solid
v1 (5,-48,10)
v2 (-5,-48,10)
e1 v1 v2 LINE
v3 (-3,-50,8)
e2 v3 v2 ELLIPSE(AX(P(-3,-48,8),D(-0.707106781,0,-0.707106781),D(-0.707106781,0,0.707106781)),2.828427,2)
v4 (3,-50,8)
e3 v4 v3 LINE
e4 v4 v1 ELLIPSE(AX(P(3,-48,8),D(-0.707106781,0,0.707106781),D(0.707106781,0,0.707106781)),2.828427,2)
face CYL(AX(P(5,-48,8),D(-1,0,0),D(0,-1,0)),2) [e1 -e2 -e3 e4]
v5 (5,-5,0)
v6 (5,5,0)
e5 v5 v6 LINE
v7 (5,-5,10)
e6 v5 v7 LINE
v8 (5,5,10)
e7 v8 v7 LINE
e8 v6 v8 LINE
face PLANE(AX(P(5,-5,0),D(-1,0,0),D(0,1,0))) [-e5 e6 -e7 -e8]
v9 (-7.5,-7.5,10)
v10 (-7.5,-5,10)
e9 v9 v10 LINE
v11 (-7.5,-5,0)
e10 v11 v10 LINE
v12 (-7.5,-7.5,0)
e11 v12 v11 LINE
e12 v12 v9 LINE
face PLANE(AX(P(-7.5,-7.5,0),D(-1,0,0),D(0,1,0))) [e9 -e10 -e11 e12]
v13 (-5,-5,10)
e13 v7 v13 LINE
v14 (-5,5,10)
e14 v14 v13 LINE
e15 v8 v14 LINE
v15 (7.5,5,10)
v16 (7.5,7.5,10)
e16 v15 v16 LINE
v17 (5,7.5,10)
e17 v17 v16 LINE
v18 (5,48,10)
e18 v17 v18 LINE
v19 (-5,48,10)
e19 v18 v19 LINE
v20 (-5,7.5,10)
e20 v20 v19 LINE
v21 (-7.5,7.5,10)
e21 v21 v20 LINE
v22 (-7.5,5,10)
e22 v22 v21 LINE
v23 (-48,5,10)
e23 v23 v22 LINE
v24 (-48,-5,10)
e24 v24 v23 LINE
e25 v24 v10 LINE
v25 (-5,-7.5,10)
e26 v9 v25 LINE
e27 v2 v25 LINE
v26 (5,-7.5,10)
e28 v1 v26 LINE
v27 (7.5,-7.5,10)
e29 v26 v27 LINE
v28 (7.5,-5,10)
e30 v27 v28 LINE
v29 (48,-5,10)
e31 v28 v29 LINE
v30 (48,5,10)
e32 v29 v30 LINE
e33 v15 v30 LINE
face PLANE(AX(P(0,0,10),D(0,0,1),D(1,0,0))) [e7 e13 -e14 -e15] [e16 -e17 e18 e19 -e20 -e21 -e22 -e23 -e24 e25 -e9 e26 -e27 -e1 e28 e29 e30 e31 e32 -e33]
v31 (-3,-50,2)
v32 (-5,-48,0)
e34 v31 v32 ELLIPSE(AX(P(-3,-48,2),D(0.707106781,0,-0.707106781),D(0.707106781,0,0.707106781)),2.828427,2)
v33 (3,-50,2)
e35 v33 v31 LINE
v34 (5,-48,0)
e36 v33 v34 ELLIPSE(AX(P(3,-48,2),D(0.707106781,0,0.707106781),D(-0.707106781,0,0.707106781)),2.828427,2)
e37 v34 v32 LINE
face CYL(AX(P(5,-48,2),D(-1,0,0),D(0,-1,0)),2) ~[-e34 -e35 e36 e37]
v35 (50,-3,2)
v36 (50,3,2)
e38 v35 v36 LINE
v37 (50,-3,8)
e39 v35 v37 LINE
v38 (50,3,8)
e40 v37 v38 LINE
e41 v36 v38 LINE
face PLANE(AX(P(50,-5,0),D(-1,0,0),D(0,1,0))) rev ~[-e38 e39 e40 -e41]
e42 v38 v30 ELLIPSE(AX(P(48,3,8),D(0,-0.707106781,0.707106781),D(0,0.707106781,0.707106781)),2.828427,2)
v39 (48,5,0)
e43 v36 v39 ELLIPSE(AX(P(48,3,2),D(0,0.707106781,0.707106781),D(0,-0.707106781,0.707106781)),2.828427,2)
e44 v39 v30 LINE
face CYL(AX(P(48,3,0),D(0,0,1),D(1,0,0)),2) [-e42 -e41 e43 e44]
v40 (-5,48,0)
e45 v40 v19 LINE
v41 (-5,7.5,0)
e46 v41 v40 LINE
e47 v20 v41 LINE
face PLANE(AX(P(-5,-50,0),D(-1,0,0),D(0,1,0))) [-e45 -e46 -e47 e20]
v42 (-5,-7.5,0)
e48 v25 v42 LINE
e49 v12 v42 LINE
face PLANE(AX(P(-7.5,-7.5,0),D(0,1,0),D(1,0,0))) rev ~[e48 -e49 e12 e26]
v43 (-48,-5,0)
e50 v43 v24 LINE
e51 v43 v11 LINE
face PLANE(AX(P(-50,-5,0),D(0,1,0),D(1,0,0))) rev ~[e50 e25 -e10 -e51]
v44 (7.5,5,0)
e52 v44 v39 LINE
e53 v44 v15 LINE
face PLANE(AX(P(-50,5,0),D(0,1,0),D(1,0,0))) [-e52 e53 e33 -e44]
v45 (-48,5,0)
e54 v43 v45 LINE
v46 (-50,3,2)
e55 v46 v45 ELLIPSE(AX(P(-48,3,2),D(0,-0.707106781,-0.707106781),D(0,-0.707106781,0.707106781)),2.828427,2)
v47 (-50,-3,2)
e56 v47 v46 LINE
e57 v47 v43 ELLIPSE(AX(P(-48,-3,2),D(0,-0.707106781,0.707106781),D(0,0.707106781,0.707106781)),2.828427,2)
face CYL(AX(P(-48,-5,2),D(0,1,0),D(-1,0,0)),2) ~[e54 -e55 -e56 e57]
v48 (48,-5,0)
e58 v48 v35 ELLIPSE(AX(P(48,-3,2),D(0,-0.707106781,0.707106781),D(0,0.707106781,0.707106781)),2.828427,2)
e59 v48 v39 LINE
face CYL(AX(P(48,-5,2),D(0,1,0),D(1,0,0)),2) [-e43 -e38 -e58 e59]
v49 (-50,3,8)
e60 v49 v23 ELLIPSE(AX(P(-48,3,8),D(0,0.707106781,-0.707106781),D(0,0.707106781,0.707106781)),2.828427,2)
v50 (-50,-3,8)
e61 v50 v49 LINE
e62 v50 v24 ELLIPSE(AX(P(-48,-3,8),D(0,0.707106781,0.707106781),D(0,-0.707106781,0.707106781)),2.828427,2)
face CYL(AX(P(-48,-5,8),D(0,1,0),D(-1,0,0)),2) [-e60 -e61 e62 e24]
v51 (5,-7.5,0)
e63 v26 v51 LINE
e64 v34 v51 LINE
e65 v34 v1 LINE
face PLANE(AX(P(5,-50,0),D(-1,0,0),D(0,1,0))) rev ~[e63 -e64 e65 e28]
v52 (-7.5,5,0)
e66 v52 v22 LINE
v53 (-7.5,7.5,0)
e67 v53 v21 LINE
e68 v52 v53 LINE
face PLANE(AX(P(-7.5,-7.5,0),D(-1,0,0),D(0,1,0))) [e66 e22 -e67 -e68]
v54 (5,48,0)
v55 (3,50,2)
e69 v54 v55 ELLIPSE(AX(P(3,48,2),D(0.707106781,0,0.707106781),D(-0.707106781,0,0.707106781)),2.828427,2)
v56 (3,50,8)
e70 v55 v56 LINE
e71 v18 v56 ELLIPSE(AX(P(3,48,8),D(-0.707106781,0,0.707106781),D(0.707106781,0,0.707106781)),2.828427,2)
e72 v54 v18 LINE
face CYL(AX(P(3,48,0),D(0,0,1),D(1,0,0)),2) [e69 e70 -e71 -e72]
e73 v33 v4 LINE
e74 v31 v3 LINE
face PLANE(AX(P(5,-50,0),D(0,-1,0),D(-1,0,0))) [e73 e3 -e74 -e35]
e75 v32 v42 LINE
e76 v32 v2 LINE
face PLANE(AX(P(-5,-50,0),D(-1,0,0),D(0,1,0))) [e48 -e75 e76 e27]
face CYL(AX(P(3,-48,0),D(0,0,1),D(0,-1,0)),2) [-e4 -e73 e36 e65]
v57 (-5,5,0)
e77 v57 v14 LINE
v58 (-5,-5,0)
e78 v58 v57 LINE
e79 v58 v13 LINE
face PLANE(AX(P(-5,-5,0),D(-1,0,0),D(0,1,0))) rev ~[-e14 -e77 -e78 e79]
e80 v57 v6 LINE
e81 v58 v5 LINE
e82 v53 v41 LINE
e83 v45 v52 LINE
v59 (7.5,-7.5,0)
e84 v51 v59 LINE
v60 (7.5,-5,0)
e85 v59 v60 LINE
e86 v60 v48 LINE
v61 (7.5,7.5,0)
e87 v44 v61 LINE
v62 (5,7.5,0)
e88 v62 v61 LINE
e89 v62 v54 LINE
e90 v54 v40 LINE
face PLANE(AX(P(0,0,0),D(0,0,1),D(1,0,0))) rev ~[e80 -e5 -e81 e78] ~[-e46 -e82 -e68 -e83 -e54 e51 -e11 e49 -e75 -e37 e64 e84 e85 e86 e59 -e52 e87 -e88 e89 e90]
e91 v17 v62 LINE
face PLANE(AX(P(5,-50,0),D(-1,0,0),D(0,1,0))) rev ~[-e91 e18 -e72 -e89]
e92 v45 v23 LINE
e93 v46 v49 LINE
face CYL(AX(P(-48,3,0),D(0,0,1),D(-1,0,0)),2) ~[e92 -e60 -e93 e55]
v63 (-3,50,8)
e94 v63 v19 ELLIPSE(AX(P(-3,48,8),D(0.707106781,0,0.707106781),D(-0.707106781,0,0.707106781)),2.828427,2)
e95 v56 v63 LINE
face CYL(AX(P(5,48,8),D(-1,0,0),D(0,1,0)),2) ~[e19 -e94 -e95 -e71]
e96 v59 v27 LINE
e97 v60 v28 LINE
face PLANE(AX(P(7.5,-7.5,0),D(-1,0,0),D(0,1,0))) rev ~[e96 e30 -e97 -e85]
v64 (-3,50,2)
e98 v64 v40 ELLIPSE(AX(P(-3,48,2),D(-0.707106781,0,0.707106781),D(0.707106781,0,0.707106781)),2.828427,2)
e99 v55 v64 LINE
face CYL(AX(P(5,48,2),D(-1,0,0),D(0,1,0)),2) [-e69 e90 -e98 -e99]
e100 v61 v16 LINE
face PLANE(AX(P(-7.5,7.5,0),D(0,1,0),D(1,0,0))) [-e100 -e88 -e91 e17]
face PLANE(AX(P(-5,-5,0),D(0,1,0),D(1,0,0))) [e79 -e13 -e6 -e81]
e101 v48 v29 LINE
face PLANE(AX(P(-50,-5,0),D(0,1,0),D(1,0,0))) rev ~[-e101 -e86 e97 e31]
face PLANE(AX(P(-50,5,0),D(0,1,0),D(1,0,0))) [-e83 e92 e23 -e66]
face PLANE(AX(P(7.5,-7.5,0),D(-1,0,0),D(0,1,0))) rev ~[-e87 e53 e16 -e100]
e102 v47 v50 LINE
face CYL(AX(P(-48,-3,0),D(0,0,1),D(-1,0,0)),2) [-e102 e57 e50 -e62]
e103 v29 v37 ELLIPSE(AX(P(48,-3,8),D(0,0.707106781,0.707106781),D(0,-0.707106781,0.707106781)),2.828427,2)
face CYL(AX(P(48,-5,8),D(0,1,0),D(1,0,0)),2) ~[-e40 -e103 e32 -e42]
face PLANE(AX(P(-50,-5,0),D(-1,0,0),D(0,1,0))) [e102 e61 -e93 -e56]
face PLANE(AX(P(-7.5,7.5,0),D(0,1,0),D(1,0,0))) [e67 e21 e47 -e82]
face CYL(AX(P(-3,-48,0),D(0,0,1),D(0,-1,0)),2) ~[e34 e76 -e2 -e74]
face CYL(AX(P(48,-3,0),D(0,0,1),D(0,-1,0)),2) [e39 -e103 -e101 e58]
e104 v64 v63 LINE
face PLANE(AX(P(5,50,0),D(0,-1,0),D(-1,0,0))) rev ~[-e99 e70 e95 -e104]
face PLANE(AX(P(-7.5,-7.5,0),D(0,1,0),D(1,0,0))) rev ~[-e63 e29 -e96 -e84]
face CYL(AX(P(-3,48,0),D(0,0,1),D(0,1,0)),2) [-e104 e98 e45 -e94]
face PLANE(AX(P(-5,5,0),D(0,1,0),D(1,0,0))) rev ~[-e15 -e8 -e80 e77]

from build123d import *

# Parameters (mm, degrees)
F1_W     = 100
F1_H     = 10
F2_DEPTH = 10
F3_R     = 2
F5_COUNT = 4
F6_W     = 15
F6_H     = 15
F6_W_2   = 10
F6_H_2   = 10
F7_DEPTH = 10
F8_DEPTH = 25.4


with BuildPart() as f2:
    # F1 (on Top) → F2 (new body)
    with BuildSketch(Plane.XY):
        Rectangle(F1_W, F1_H)
    extrude(amount=F2_DEPTH)

    # F3
    f3_edges = [f2.edges().sort_by_distance(p)[0] for p in [
        (50, -5, 5),
        (50, 5, 5),
        (50, 0, 0),
        (50, 0, 10),
        (-50, 5, 5),
        (-50, -5, 5),
        (-50, 0, 0),
        (-50, 0, 10),
    ]]
    fillet(f3_edges, radius=F3_R)

    # F5: F2 ×4 about axis
    f5_axis = Axis((0, 0, 17.9461631924), (0, 0, 1))


with BuildPart() as f2_1:
    add(f2.part)
    for i in range(1, F5_COUNT):
        add(f2.part.rotate(f5_axis, i * 360 / F5_COUNT))

    # F6 (on Top) → F7 (join)
    with BuildSketch(Plane.XY):
        Rectangle(F6_W, F6_H)
        Rectangle(F6_W_2, F6_H_2, mode=Mode.SUBTRACT)
    extrude(amount=F7_DEPTH)

    # F6 (on Top) → F8 (cut)
    with BuildSketch(Plane.XY):
        Rectangle(F6_W_2, F6_H_2)
    extrude(amount=F8_DEPTH, mode=Mode.SUBTRACT)


solid = f2_1.part
